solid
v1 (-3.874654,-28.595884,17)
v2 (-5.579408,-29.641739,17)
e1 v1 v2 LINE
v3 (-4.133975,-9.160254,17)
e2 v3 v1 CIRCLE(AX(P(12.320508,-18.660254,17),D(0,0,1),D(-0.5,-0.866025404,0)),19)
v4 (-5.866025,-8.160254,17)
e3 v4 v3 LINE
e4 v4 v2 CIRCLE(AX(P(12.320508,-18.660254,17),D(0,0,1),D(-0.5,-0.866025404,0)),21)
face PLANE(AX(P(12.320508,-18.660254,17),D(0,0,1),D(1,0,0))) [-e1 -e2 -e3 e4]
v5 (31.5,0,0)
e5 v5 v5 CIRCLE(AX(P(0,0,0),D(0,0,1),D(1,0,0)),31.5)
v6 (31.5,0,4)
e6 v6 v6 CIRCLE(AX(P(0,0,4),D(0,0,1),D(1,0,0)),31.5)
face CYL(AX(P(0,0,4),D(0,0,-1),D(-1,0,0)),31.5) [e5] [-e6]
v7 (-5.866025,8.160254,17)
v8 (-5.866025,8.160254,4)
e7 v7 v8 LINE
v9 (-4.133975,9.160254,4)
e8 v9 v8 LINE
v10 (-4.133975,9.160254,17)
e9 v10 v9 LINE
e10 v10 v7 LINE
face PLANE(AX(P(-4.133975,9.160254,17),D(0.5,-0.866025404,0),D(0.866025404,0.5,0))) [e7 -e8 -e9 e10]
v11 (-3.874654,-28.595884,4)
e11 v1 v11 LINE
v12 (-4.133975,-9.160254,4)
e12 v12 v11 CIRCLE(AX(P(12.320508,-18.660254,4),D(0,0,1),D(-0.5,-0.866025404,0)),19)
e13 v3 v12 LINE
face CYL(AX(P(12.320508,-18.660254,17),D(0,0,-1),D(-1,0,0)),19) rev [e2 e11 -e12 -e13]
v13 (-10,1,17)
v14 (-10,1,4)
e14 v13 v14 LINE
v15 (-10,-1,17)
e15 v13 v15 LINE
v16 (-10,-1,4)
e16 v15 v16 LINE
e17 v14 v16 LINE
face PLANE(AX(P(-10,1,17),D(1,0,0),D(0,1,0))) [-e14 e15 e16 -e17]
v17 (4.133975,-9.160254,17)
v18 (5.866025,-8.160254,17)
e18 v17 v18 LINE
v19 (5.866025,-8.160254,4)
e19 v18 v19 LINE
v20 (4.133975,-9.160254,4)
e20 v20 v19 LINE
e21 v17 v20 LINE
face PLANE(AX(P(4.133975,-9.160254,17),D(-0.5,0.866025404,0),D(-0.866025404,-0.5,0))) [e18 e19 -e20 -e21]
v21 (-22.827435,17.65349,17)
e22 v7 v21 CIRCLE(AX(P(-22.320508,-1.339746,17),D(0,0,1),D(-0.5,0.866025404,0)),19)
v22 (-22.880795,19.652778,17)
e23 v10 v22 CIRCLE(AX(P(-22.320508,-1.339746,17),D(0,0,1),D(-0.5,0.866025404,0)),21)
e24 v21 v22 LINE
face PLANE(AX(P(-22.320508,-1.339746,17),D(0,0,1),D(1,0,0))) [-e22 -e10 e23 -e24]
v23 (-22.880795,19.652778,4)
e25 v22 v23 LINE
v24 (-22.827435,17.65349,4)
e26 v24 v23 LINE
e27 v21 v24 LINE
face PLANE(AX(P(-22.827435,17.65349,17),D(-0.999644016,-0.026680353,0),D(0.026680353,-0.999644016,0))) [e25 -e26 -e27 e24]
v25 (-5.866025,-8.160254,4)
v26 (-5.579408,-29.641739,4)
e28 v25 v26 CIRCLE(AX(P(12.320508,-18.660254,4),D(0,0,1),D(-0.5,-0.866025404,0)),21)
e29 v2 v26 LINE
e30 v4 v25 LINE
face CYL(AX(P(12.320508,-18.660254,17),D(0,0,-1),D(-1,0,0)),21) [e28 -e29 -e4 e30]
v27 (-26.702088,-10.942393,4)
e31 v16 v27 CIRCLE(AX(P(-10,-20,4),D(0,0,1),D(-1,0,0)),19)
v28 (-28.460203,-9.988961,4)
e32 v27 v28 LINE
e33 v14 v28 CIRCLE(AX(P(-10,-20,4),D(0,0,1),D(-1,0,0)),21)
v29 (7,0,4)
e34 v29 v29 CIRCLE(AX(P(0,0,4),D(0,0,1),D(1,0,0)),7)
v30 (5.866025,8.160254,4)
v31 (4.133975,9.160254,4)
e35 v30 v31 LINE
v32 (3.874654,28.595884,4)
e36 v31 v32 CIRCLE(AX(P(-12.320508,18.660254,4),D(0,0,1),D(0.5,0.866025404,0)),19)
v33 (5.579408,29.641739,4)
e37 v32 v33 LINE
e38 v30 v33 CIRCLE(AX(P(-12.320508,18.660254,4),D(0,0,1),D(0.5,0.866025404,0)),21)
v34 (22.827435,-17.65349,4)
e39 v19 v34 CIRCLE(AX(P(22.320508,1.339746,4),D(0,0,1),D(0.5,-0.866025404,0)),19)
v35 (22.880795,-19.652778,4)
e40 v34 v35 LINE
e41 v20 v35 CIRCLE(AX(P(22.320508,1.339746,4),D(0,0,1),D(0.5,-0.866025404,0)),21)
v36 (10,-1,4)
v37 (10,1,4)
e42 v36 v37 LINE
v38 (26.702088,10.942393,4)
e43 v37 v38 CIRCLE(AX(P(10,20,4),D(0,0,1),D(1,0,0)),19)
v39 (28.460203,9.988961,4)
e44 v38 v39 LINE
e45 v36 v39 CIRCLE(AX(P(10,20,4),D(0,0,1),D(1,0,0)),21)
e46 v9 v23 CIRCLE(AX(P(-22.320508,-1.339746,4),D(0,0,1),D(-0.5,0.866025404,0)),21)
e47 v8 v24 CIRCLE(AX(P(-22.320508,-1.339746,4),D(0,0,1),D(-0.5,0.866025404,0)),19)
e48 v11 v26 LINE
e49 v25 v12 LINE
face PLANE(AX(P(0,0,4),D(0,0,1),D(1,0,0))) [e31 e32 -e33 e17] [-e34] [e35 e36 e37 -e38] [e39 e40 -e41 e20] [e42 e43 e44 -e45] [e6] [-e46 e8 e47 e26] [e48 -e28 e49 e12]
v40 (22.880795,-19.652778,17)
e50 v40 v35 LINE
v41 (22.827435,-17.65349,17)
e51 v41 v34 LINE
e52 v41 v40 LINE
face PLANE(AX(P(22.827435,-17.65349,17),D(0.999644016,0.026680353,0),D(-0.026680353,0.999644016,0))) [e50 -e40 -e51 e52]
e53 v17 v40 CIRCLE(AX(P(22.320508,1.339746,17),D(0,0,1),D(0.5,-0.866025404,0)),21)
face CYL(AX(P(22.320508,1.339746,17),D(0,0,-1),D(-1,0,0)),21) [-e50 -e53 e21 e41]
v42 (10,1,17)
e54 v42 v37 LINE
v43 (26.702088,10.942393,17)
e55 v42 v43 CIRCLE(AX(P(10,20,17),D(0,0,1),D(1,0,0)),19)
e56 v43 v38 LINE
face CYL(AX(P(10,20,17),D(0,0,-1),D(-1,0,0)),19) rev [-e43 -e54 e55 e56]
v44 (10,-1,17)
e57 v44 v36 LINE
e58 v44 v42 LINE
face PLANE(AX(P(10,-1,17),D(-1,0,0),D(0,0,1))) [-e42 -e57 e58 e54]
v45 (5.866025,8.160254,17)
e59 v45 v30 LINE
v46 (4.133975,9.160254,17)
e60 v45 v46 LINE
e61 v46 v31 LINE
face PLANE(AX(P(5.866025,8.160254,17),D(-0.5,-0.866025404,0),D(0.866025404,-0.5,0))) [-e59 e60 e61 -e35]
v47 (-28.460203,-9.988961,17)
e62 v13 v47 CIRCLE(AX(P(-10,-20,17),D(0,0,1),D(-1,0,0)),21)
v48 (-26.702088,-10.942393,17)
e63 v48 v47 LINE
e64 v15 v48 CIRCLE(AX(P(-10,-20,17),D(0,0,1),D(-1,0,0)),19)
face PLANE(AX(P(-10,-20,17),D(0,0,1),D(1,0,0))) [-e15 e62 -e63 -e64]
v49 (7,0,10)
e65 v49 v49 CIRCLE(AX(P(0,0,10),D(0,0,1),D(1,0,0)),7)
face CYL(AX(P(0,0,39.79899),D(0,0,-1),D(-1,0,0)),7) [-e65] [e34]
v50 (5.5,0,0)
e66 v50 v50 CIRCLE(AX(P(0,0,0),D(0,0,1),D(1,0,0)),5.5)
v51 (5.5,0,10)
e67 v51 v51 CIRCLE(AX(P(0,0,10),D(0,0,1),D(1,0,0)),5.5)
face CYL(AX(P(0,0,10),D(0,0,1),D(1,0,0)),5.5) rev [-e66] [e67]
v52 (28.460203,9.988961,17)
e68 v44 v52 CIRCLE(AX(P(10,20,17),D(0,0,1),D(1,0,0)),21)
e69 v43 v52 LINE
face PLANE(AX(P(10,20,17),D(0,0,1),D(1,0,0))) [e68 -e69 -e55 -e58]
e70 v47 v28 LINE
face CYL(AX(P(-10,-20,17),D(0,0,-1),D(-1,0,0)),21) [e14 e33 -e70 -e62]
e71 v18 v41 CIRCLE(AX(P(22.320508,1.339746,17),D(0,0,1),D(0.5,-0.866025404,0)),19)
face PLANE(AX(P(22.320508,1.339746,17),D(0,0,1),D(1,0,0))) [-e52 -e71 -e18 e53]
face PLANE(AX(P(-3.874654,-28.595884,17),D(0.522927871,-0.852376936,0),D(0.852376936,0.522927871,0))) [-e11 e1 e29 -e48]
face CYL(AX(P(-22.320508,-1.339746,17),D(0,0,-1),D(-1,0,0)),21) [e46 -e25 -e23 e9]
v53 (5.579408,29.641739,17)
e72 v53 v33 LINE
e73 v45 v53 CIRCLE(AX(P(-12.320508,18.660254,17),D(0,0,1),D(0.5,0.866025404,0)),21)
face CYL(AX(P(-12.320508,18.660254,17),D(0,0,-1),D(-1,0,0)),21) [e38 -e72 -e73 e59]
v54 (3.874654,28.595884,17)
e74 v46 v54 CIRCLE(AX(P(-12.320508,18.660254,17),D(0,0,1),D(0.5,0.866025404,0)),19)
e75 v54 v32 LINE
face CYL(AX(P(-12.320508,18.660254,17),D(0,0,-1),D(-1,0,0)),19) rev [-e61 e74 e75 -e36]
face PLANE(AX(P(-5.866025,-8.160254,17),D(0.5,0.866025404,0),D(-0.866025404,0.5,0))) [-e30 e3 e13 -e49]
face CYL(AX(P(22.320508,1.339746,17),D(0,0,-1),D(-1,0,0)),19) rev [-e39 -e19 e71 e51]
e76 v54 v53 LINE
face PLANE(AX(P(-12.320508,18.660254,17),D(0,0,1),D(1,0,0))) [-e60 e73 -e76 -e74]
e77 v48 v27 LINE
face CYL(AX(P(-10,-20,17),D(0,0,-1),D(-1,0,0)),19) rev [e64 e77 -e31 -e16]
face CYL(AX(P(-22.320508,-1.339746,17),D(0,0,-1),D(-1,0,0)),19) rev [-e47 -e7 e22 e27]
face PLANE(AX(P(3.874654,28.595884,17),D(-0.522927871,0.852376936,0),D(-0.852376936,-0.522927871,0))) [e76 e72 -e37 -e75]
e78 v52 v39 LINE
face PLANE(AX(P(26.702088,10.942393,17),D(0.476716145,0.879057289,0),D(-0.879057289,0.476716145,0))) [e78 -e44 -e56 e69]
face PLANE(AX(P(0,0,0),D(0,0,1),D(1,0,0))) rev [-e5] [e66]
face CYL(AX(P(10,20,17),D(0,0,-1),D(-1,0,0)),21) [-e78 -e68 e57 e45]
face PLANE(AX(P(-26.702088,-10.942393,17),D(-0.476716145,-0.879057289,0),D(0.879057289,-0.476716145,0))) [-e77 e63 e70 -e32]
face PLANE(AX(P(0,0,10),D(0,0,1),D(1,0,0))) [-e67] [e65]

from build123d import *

# Parameters (mm, degrees)
SKETCH1_R                     = 31.5
EXTRUDE1_DEPTH                = 4
EXTRUDE_THIN1_DEPTH           = 13
CIRPATTERN7_COUNT             = 6
SKETCH3_R                     = 7
EXTRUDE2_DEPTH                = 6
M11_0_11_DIAMETER_HOLE1_D     = 11
M11_0_11_DIAMETER_HOLE1_DEPTH = 10
M11_0_11_DIAMETER_HOLE1_TIP   = 3.304733405


with BuildPart() as part:
    # Sketch1 → Extrude1 (new body)
    with BuildSketch(Plane.XY):
        Circle(SKETCH1_R)
    extrude(amount=EXTRUDE1_DEPTH)

    # Sketch2 → Extrude-Thin1 (add)
    with BuildSketch(Plane.XY.offset(4)):
        with BuildLine():
            ThreePointArc((10, -1), (20.741698661, 1.955169442), (28.460203071, 9.988960964))
            Line((28.460203071, 9.988960964), (26.702088493, 10.942393254))
            ThreePointArc((26.702088493, 10.942393254), (19.718679741, 3.673724733), (10, 1))
            Line((10, 1), (10, -1))
        make_face()
    extrude_thin1 = extrude(amount=EXTRUDE_THIN1_DEPTH)

    # CirPattern7: Extrude-Thin1 ×6 about axis
    cirpattern7_axis = Axis((0, 0, 0), (0, 0, 1))
    for i in range(1, CIRPATTERN7_COUNT):
        add(extrude_thin1.rotate(cirpattern7_axis, i * 360 / CIRPATTERN7_COUNT))

    # Sketch3 → Extrude2 (add)
    with BuildSketch(Plane.XY.offset(4)):
        Circle(SKETCH3_R)
    extrude(amount=EXTRUDE2_DEPTH)

    # M11.0 _11_ Diameter Hole1
    with Locations(Plane.XY.offset(10)):
        with Locations((0, 0)):
            Hole(M11_0_11_DIAMETER_HOLE1_D / 2, depth=M11_0_11_DIAMETER_HOLE1_DEPTH)
            with Locations((0, 0, -(M11_0_11_DIAMETER_HOLE1_DEPTH + M11_0_11_DIAMETER_HOLE1_TIP / 2))):  # 118° drill point
                Cone(0, M11_0_11_DIAMETER_HOLE1_D / 2, M11_0_11_DIAMETER_HOLE1_TIP, mode=Mode.SUBTRACT)


solid = part.part
